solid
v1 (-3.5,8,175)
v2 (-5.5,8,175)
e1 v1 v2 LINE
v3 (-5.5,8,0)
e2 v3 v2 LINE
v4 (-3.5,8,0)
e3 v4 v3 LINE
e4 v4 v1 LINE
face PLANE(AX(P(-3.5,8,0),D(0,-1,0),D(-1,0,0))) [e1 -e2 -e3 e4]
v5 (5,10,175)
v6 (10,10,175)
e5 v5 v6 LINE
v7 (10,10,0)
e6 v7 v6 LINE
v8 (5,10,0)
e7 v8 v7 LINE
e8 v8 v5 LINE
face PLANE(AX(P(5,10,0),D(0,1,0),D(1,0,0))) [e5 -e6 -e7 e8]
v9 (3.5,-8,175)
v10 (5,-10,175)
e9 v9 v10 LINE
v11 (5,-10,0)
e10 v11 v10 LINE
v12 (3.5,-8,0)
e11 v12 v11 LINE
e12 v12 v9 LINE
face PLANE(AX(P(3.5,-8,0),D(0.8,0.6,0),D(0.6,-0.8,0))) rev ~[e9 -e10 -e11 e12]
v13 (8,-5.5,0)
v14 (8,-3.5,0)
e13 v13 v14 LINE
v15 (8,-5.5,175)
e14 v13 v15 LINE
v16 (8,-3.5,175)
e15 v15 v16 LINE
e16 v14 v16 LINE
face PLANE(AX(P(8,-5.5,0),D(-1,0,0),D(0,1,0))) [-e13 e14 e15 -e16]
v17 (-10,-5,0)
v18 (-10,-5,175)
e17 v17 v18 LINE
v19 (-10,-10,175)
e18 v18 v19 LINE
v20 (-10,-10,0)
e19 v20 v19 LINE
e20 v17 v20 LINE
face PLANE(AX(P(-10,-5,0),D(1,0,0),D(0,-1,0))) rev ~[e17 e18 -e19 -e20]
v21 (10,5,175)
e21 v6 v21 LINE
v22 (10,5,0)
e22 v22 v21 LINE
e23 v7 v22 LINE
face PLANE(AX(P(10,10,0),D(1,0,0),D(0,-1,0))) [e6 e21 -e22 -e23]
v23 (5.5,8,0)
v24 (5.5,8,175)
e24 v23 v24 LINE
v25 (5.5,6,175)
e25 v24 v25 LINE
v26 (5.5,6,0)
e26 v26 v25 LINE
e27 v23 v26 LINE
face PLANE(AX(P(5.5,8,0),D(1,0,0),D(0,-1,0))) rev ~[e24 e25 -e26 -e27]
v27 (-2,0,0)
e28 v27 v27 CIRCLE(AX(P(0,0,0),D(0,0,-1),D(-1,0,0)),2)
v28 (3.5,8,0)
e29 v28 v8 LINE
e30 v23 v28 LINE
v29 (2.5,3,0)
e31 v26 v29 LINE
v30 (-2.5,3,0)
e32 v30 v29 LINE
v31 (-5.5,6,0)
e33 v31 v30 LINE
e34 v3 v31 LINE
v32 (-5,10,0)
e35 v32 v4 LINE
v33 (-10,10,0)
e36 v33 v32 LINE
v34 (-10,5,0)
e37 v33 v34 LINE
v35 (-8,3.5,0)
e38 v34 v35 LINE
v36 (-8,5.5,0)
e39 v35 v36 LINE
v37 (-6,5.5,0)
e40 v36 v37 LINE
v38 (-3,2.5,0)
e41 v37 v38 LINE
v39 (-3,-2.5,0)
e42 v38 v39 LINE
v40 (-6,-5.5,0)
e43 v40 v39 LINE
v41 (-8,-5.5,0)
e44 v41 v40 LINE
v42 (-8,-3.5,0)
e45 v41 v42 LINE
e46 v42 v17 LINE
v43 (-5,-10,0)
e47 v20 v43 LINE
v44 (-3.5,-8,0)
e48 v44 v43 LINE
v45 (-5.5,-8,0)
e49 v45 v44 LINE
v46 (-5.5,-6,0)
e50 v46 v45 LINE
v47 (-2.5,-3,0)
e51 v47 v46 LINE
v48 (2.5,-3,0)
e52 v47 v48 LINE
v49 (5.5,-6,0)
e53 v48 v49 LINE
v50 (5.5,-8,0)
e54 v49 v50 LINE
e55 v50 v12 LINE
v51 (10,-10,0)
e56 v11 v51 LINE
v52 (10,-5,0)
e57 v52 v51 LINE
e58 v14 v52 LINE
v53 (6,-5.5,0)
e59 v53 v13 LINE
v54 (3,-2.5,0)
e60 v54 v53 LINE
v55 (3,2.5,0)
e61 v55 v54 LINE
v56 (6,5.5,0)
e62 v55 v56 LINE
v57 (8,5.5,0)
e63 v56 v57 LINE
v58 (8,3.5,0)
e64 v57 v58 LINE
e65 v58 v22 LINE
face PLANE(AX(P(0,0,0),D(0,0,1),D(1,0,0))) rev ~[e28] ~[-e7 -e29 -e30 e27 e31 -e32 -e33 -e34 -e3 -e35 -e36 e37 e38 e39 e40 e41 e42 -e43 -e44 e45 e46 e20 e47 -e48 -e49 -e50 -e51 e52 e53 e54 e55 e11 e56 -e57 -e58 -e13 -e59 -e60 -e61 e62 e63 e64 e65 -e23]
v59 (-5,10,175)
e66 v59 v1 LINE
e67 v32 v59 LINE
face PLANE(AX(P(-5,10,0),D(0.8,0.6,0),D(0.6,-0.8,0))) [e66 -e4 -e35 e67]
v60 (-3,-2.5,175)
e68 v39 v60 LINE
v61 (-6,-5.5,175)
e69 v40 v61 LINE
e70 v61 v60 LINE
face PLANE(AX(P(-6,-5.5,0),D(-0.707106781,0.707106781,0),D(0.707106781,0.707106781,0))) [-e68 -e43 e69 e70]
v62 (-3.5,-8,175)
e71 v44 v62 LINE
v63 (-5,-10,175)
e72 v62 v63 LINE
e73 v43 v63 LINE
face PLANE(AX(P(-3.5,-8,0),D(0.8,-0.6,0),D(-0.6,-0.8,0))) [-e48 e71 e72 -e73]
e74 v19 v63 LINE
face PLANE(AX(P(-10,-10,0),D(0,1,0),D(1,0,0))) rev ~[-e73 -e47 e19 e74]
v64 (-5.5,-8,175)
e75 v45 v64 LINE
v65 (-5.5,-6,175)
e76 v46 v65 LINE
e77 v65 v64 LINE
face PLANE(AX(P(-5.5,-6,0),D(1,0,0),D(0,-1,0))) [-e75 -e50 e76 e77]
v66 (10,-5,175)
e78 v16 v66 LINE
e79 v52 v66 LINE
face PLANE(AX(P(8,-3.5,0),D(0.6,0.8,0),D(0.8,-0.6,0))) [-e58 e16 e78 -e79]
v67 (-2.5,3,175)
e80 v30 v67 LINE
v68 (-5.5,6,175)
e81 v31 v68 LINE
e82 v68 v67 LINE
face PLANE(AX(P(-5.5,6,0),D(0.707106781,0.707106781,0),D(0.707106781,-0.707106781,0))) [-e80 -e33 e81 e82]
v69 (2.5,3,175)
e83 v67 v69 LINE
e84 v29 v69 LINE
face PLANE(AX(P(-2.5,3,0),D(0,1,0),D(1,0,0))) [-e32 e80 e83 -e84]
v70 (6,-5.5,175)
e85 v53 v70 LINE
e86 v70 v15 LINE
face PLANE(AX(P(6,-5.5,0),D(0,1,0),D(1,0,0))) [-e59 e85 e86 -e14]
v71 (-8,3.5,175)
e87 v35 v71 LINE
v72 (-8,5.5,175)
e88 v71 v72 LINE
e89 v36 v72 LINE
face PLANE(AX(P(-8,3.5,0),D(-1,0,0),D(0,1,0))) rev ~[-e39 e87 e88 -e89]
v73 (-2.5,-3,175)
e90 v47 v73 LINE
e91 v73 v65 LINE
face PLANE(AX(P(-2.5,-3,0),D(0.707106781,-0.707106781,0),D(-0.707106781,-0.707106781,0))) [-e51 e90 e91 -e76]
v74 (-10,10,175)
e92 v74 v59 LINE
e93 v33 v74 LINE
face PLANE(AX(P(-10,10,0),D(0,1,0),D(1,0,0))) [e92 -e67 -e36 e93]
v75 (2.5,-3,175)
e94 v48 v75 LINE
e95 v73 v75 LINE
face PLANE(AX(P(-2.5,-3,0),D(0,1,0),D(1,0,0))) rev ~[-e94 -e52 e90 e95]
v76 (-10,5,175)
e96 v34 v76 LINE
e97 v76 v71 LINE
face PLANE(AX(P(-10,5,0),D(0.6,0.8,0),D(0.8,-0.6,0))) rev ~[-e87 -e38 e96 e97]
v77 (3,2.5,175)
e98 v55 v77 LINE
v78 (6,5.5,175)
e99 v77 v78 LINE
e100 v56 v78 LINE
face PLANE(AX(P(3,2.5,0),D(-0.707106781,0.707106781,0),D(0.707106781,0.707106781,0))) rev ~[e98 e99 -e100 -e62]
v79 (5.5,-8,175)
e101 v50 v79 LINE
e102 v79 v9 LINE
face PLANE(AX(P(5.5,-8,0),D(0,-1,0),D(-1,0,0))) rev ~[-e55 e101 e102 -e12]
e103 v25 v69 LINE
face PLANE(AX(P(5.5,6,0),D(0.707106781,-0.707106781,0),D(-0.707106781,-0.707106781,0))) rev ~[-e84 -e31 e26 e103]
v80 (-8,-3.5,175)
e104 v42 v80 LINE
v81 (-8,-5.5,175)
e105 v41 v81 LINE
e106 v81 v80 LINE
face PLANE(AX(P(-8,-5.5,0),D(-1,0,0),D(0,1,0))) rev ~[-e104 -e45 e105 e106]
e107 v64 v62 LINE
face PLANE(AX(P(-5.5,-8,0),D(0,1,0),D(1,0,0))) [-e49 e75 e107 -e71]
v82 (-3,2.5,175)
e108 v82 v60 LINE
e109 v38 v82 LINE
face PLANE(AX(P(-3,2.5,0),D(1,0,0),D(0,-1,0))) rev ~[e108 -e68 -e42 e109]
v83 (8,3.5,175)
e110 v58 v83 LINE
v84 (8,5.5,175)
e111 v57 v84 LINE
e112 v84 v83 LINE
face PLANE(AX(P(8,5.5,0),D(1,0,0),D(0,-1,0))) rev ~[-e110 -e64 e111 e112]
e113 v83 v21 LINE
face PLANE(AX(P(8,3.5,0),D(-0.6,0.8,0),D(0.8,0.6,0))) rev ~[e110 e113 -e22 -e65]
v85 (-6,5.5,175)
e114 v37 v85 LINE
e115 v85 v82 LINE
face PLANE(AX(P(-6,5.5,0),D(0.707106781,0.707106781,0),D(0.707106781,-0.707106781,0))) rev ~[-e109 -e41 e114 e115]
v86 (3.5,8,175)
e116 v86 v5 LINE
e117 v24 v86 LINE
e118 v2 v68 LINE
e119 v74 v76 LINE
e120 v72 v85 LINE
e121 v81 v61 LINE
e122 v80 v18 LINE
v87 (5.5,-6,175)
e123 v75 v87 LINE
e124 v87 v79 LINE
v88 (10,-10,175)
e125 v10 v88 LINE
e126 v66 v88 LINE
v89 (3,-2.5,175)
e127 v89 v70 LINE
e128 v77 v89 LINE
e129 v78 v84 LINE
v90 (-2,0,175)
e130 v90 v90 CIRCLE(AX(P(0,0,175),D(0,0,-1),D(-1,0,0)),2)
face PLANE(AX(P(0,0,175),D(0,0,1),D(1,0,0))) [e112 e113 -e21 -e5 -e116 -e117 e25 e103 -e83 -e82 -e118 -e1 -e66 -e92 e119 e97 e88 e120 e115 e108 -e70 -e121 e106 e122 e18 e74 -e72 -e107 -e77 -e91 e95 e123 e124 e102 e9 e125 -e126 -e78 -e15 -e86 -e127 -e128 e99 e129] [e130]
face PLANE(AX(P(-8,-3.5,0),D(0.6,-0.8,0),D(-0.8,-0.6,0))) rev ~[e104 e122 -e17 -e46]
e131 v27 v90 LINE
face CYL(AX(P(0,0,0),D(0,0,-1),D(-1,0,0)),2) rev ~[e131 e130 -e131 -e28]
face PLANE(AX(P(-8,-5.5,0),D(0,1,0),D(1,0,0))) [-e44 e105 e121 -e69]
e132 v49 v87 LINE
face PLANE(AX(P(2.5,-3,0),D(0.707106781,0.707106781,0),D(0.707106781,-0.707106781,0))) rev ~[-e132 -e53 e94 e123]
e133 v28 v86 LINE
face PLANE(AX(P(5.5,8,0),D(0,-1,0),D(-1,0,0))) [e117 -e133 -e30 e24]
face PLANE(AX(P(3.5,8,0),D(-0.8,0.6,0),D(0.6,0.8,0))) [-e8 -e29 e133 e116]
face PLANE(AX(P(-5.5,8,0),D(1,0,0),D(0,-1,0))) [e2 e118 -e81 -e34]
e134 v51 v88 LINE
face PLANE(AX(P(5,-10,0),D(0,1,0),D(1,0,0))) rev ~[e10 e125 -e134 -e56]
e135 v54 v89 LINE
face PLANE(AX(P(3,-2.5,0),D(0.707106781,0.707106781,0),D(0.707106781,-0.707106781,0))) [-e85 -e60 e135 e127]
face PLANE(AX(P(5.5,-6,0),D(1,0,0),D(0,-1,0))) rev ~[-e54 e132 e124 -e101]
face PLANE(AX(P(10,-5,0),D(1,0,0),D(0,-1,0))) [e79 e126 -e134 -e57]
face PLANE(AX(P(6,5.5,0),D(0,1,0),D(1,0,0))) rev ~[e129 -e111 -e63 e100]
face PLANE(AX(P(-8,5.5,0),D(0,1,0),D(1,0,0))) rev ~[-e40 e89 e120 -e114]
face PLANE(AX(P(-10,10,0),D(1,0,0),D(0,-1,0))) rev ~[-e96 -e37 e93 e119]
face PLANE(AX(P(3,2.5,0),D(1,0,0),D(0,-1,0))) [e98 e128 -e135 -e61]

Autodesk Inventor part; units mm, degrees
ref_plane "YZ Plane" through (0, 0, 0) normal (1, 0, 0) x (0, 1, 0)
ref_plane "XZ Plane" through (0, 0, 0) normal (0, 1, 0) x (-1, 0, 0)
ref_plane "XY Plane" through (0, 0, 0) normal (0, 0, 1) x (1, 0, 0)
sketch "Sketch1" plane through (0, 0, 0) normal (0, 0, 1) x (1, 0, 0)
  line L0 (-5, 10) -> (-3.5, 8)
  line L1 (-3.5, 8) -> (-5.5, 8)
  line L2 (5.5, 8) -> (3.5, 8)
  line L3 (3.5, 8) -> (5, 10)
  line L4 (-5.5, 8) -> (-5.5, 6)
  line L5 (5.5, 8) -> (5.5, 6)
  line L6 (-5.5, 6) -> (-2.5, 3)
  line L7 (5.5, 6) -> (2.5, 3)
  line L8 (-2.5, 3) -> (2.5, 3)
  line L9 (-10, 10) -> (-5, 10)
  line L10 (5, 10) -> (10, 10)
  line L11 (3, 2.5) -> (3, -2.5)
  line L12 (3, -2.5) -> (6, -5.5)
  line L13 (6, -5.5) -> (8, -5.5)
  line L14 (8, -5.5) -> (8, -3.5)
  line L15 (8, -3.5) -> (10, -5)
  line L16 (3, 2.5) -> (6, 5.5)
  line L17 (6, 5.5) -> (8, 5.5)
  line L18 (8, 5.5) -> (8, 3.5)
  line L19 (8, 3.5) -> (10, 5)
  line L20 (10, 10) -> (10, 5)
  line L21 (10, -5) -> (10, -10)
  line L22 (-10, 5) -> (-8, 3.5)
  line L23 (-8, 3.5) -> (-8, 5.5)
  line L24 (-8, -5.5) -> (-8, -3.5)
  line L25 (-8, -3.5) -> (-10, -5)
  line L26 (-8, 5.5) -> (-6, 5.5)
  line L27 (-8, -5.5) -> (-6, -5.5)
  line L28 (-6, 5.5) -> (-3, 2.5)
  line L29 (-6, -5.5) -> (-3, -2.5)
  line L30 (-3, 2.5) -> (-3, -2.5)
  line L31 (-10, 10) -> (-10, 5)
  line L32 (-10, -5) -> (-10, -10)
  line L33 (-2.5, -3) -> (2.5, -3)
  line L34 (2.5, -3) -> (5.5, -6)
  line L35 (5.5, -6) -> (5.5, -8)
  line L36 (5.5, -8) -> (3.5, -8)
  line L37 (3.5, -8) -> (5, -10)
  line L38 (-2.5, -3) -> (-5.5, -6)
  line L39 (-5.5, -6) -> (-5.5, -8)
  line L40 (-5.5, -8) -> (-3.5, -8)
  line L41 (-3.5, -8) -> (-5, -10)
  line L42 (-10, -10) -> (-5, -10)
  line L43 (5, -10) -> (10, -10)
  point P0 (0, 0)
  point P1 (0, 0)
  point P2 (0, 0)
  dimension "d0" = 20
  dimension "d1" = 20
  dimension "d3" = 2
  dimension "d4" = 2
  dimension "d6" = 1.5
  dimension "d7" = 2
  dimension "d8" = 2
  dimension "d9" = 3
  dimension "d11" = 3
  dimension "d12" = 3
  dimension "d13" = 5
  dimension "d22" = 5
  dimension "d24" = 3
  dimension "d25" = 3
  dimension "d26" = 2
  dimension "d27" = 5
  dimension "d28" = 2
  dimension "d29" = 2
  dimension "d30" = 1.5
  dimension "d31" = 3
  dimension "d32" = 5
  dimension "d33" = 5
  dimension "d35" = 5
  dimension "d36" = 5
  dimension "d37" = 5
  dimension "d38" = 5
  dimension "d40" = 3
  dimension "d41" = 3
  dimension "d42" = 2
  dimension "d43" = 2
  dimension "d48" = 3
  dimension "d49" = 3
  dimension "d50" = 3
  dimension "d51" = 3
  dimension "d52" = 0.5
  dimension "d53" = 0.5
  dimension "d54" = 0.5
  dimension "d55" = 0.5
  dimension "d56" = 0.5
extrude "Extrusion3" add sketch "Sketch1" along normal blind 175
sketch "Sketch3" plane through (0, 0, 0) normal (0, 0, -1) x (-1, 0, 0)
  circle A0 centre (0, 0) radius 2
  dimension "d59" = 4
extrude "Extrusion4" cut sketch "Sketch3" against normal through all
properties part number "20x20x100 Aluminium VSlot Extrustion"
